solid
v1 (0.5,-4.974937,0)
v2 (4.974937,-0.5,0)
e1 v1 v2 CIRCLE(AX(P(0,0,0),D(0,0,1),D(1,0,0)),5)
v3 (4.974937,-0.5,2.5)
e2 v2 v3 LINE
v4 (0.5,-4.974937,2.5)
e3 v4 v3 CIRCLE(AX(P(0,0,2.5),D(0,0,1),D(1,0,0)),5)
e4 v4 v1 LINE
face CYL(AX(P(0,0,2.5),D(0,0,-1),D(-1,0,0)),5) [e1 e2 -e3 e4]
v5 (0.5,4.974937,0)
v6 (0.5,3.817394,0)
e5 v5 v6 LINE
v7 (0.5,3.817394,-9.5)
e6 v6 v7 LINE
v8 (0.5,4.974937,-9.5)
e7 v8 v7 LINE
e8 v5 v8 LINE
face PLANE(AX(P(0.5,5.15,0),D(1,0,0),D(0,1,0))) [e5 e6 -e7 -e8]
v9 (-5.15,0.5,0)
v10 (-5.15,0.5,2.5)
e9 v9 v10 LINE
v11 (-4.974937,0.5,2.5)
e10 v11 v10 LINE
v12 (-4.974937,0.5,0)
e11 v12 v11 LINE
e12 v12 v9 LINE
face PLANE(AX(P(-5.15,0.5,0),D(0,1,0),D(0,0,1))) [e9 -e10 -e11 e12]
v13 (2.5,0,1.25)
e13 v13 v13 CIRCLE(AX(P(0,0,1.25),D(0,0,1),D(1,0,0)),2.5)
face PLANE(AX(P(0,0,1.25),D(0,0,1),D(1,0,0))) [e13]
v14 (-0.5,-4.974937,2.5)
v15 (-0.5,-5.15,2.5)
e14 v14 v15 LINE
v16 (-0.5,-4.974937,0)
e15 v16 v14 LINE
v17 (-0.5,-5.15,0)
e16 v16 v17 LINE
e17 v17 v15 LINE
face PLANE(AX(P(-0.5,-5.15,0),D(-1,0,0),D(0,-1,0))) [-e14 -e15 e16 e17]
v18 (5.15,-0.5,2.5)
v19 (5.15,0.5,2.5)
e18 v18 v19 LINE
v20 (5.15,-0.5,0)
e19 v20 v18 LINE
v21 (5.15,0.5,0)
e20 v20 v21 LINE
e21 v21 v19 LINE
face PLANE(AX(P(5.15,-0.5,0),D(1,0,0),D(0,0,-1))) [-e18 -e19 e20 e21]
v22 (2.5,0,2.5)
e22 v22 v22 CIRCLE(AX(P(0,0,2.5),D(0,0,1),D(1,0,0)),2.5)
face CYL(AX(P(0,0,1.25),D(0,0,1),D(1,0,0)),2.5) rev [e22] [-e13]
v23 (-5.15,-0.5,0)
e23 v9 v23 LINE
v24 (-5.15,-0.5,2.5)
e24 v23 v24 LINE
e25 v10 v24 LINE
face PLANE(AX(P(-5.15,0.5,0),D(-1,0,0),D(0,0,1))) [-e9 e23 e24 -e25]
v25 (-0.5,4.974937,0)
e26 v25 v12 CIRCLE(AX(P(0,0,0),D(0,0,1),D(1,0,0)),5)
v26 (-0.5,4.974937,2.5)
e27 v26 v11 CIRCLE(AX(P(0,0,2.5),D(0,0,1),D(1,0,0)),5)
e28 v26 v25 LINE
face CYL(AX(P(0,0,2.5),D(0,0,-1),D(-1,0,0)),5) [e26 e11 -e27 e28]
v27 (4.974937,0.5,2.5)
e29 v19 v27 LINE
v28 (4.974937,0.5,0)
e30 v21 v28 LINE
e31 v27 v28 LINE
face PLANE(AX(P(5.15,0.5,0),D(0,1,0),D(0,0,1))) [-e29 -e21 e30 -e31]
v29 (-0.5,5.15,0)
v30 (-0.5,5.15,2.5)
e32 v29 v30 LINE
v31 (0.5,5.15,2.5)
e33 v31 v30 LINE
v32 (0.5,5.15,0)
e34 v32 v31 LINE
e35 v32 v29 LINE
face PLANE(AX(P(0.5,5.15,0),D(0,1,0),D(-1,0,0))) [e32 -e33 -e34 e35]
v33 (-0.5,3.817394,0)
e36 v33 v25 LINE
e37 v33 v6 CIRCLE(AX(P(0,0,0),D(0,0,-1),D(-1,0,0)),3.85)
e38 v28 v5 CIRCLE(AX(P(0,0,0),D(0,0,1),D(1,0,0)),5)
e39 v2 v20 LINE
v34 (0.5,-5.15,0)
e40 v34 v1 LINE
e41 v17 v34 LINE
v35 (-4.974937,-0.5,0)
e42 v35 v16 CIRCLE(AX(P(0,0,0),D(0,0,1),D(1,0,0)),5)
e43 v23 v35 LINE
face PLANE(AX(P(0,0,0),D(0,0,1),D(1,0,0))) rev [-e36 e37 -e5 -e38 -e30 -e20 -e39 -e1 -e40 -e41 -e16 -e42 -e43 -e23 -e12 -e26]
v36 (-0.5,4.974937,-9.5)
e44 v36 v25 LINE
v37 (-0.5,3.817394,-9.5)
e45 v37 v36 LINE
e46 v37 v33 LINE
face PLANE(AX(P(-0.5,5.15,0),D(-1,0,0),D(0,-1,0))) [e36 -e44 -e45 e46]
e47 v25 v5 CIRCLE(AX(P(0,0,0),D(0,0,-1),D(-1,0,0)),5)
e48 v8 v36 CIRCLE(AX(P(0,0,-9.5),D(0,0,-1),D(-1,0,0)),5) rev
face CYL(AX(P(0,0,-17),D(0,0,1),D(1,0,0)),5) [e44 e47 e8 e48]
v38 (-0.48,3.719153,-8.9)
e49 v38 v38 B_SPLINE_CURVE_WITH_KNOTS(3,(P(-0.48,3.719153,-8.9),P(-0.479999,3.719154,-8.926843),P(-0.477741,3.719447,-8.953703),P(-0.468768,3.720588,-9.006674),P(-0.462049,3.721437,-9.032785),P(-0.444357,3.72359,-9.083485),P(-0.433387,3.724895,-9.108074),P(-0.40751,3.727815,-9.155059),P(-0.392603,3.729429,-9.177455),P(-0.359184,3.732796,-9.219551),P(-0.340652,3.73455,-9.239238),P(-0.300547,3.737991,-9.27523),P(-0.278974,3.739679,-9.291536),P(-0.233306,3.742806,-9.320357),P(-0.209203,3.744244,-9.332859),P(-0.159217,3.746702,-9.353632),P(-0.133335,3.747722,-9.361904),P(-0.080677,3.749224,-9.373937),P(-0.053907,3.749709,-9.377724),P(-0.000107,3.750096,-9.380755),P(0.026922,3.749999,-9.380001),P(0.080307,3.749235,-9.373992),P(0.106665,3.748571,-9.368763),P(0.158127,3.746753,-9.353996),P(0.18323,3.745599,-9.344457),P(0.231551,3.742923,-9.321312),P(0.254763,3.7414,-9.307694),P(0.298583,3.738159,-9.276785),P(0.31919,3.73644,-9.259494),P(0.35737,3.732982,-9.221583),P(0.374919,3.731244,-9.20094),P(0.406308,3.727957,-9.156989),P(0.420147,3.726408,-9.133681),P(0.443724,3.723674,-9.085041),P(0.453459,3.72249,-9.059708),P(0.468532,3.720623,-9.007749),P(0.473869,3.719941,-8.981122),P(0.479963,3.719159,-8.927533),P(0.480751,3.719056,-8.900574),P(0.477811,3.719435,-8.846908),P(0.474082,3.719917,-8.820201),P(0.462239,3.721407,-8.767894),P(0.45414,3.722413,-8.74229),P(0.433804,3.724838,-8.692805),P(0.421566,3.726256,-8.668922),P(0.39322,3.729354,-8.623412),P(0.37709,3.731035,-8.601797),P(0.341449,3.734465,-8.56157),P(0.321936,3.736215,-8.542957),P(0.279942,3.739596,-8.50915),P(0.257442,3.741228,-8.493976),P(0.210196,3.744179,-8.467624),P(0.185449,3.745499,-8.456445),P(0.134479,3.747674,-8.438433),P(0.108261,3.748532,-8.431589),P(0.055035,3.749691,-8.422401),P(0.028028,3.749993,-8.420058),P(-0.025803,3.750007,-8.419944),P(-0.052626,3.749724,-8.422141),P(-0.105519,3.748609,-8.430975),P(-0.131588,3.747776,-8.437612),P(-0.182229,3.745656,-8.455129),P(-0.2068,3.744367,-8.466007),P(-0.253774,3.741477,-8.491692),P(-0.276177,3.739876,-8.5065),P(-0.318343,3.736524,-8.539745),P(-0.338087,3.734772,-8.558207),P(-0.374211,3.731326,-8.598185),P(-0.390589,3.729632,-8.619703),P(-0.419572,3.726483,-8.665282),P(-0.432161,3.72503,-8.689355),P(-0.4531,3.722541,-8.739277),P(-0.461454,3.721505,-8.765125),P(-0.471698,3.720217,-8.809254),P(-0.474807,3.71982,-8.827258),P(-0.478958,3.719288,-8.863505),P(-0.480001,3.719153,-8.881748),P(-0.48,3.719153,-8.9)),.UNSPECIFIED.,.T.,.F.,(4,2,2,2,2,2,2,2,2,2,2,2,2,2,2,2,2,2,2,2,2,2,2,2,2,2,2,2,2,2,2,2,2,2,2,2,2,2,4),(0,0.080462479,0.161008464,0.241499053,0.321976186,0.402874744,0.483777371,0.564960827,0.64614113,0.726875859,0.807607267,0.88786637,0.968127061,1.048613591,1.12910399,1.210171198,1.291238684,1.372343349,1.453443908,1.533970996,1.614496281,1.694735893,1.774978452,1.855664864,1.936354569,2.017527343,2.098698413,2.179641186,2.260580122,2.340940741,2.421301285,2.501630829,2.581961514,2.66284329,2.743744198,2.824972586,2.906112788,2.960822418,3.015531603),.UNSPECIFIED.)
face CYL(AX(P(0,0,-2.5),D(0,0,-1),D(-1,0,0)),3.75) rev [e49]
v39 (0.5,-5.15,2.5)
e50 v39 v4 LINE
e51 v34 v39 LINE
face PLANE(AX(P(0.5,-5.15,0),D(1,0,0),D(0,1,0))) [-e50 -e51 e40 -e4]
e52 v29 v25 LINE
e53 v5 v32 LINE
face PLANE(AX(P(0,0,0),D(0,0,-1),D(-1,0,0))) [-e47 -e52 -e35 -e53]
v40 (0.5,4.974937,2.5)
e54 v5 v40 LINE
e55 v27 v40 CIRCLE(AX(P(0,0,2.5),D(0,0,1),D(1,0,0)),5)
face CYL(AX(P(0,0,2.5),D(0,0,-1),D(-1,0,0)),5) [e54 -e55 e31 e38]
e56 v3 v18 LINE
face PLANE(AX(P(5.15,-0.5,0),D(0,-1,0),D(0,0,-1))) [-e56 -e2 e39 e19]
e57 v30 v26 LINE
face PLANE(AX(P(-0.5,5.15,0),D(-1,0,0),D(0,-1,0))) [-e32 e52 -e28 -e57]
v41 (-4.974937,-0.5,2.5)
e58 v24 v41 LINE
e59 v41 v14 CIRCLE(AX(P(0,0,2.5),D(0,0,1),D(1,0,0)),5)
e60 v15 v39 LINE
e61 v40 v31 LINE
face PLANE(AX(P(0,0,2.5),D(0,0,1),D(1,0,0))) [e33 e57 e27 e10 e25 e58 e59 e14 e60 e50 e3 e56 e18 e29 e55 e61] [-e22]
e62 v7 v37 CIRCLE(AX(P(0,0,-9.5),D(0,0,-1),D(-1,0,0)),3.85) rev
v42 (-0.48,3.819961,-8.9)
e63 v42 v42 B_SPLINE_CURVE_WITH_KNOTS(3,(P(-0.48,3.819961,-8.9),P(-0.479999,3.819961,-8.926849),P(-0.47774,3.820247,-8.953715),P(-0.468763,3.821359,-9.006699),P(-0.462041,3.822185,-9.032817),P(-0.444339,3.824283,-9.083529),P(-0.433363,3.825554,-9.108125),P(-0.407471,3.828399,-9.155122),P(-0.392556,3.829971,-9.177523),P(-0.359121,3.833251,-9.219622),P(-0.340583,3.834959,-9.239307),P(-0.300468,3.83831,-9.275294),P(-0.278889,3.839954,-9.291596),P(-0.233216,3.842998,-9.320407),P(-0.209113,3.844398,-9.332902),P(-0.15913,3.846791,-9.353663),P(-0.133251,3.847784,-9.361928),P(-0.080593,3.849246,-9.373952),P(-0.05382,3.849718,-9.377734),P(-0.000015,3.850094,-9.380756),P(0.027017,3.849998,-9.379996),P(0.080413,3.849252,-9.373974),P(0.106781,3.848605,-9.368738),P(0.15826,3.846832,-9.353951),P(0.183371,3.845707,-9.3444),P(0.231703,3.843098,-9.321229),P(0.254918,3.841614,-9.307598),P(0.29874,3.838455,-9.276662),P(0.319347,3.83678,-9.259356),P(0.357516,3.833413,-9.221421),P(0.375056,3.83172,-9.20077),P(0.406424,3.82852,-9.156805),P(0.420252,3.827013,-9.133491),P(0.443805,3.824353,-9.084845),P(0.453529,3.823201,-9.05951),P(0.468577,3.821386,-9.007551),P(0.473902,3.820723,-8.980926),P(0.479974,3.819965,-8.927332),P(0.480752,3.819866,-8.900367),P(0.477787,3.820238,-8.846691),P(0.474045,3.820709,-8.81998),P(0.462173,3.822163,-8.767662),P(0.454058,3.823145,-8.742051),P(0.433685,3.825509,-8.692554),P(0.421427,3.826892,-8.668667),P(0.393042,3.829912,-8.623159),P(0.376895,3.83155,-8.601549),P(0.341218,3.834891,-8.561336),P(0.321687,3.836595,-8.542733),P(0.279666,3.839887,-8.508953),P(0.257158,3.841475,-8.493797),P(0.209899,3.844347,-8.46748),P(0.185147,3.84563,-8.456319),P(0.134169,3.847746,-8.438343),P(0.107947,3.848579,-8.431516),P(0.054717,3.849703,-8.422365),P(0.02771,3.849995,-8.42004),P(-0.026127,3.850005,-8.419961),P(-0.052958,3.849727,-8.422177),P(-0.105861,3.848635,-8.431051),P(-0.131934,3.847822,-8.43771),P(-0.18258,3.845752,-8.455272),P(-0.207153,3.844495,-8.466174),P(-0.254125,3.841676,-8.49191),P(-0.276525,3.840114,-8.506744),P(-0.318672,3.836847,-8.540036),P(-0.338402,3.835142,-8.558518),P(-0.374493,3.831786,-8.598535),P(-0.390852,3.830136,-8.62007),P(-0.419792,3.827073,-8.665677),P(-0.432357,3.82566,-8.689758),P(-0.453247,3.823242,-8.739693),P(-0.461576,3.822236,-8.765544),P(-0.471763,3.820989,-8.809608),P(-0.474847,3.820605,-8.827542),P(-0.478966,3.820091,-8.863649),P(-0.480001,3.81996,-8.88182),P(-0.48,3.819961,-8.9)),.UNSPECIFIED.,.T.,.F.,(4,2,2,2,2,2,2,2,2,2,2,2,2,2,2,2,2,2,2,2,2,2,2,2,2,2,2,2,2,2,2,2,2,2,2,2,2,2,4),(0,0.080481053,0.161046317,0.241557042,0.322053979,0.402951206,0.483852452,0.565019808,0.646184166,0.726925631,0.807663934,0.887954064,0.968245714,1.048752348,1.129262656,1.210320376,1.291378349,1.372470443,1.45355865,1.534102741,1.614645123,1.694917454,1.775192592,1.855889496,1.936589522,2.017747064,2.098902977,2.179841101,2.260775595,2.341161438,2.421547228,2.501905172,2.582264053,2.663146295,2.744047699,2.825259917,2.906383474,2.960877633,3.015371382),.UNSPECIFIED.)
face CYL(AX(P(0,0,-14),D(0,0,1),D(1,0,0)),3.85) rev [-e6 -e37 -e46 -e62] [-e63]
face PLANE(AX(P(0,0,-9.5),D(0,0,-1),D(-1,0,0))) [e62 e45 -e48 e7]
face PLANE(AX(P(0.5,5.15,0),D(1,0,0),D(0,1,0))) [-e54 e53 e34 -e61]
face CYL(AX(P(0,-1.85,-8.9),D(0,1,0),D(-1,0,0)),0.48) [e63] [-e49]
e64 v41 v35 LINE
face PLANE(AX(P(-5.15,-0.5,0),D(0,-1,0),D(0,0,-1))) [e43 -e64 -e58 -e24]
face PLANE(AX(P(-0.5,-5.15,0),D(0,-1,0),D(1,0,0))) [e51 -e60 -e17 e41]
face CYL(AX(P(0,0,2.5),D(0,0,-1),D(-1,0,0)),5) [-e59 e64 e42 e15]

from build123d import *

# Parameters (mm, degrees)
SKETCH1_R           = 5
BOSS_EXTRUDE1_DEPTH = 2.5
SKETCH6_W           = 0.25
SKETCH6_H           = 1
BOSS_EXTRUDE4_DEPTH = 2.5
CIRPATTERN1_COUNT   = 4
SKETCH8_R           = 2.5
CUT_EXTRUDE3_DEPTH  = 1.25
SKETCH9_W           = 1
SKETCH9_H           = 1.35
BOSS_EXTRUDE5_DEPTH = 9.5
SKETCH11_R          = 3.85
CUT_EXTRUDE4_DEPTH  = 14
SKETCH12_R          = 0.48
BOSS_EXTRUDE6_DEPTH = 7
SKETCH13_R          = 3.75
CUT_EXTRUDE5_DEPTH  = 7
CUT_EXTRUDE6_START  = 17
SKETCH14_R          = 6.794989929
SKETCH14_R_2        = 5
CUT_EXTRUDE6_DEPTH  = 17


with BuildPart() as part:
    # Sketch1 → Boss-Extrude1 (new body)
    with BuildSketch(Plane.XY):
        Circle(SKETCH1_R)
    extrude(amount=BOSS_EXTRUDE1_DEPTH)

    # Sketch6 → Boss-Extrude4 (add)
    with BuildSketch(Plane.XY.offset(2.5)):
        with Locations((-5.025, 0)):
            Rectangle(SKETCH6_W, SKETCH6_H)
    boss_extrude4 = extrude(amount=-BOSS_EXTRUDE4_DEPTH)

    # CirPattern1: Boss-Extrude4 ×4 about axis
    cirpattern1_axis = Axis((0, 0, 0), (0, 0, 1))
    for i in range(1, CIRPATTERN1_COUNT):
        add(boss_extrude4.rotate(cirpattern1_axis, i * 360 / CIRPATTERN1_COUNT))

    # Sketch8 → Cut-Extrude3 (cut)
    with BuildSketch(Plane.XY.offset(2.5)):
        Circle(SKETCH8_R)
    extrude(amount=-CUT_EXTRUDE3_DEPTH, mode=Mode.SUBTRACT)

    # Sketch9 → Boss-Extrude5 (add)
    with BuildSketch(Plane(origin=(0, 0, 0), x_dir=(-1, 0, 0), z_dir=(0, 0, -1))):
        with Locations((0, 4.475)):
            Rectangle(SKETCH9_W, SKETCH9_H)
    extrude(amount=BOSS_EXTRUDE5_DEPTH)

    # Sketch11 → Cut-Extrude4 (cut)
    with BuildSketch(Plane(origin=(0, 0, 0), x_dir=(-1, 0, 0), z_dir=(0, 0, -1))):
        Circle(SKETCH11_R)
    extrude(amount=CUT_EXTRUDE4_DEPTH, mode=Mode.SUBTRACT)

    # Sketch12 → Boss-Extrude6 (add)
    with BuildSketch(Plane(origin=(0, 5.15, 0), x_dir=(1, 0, 0), z_dir=(0, 1, 0))):
        with Locations(Location((0, 8.9, 0), (0, 0, 180))):
            Circle(SKETCH12_R)
    extrude(amount=-BOSS_EXTRUDE6_DEPTH)

    # Sketch13 → Cut-Extrude5 (cut)
    with BuildSketch(Plane(origin=(0, 0, -9.5), x_dir=(-1, 0, 0), z_dir=(0, 0, -1))):
        Circle(SKETCH13_R)
    extrude(amount=-CUT_EXTRUDE5_DEPTH, mode=Mode.SUBTRACT)

    # Sketch14 → Cut-Extrude6 (cut)
    with BuildSketch(Plane(origin=(0, 0, 0), x_dir=(-1, 0, 0), z_dir=(0, 0, -1)).offset(CUT_EXTRUDE6_START)):
        Circle(SKETCH14_R)
        Circle(SKETCH14_R_2, mode=Mode.SUBTRACT)
    extrude(amount=-CUT_EXTRUDE6_DEPTH, mode=Mode.SUBTRACT)


solid = part.part
